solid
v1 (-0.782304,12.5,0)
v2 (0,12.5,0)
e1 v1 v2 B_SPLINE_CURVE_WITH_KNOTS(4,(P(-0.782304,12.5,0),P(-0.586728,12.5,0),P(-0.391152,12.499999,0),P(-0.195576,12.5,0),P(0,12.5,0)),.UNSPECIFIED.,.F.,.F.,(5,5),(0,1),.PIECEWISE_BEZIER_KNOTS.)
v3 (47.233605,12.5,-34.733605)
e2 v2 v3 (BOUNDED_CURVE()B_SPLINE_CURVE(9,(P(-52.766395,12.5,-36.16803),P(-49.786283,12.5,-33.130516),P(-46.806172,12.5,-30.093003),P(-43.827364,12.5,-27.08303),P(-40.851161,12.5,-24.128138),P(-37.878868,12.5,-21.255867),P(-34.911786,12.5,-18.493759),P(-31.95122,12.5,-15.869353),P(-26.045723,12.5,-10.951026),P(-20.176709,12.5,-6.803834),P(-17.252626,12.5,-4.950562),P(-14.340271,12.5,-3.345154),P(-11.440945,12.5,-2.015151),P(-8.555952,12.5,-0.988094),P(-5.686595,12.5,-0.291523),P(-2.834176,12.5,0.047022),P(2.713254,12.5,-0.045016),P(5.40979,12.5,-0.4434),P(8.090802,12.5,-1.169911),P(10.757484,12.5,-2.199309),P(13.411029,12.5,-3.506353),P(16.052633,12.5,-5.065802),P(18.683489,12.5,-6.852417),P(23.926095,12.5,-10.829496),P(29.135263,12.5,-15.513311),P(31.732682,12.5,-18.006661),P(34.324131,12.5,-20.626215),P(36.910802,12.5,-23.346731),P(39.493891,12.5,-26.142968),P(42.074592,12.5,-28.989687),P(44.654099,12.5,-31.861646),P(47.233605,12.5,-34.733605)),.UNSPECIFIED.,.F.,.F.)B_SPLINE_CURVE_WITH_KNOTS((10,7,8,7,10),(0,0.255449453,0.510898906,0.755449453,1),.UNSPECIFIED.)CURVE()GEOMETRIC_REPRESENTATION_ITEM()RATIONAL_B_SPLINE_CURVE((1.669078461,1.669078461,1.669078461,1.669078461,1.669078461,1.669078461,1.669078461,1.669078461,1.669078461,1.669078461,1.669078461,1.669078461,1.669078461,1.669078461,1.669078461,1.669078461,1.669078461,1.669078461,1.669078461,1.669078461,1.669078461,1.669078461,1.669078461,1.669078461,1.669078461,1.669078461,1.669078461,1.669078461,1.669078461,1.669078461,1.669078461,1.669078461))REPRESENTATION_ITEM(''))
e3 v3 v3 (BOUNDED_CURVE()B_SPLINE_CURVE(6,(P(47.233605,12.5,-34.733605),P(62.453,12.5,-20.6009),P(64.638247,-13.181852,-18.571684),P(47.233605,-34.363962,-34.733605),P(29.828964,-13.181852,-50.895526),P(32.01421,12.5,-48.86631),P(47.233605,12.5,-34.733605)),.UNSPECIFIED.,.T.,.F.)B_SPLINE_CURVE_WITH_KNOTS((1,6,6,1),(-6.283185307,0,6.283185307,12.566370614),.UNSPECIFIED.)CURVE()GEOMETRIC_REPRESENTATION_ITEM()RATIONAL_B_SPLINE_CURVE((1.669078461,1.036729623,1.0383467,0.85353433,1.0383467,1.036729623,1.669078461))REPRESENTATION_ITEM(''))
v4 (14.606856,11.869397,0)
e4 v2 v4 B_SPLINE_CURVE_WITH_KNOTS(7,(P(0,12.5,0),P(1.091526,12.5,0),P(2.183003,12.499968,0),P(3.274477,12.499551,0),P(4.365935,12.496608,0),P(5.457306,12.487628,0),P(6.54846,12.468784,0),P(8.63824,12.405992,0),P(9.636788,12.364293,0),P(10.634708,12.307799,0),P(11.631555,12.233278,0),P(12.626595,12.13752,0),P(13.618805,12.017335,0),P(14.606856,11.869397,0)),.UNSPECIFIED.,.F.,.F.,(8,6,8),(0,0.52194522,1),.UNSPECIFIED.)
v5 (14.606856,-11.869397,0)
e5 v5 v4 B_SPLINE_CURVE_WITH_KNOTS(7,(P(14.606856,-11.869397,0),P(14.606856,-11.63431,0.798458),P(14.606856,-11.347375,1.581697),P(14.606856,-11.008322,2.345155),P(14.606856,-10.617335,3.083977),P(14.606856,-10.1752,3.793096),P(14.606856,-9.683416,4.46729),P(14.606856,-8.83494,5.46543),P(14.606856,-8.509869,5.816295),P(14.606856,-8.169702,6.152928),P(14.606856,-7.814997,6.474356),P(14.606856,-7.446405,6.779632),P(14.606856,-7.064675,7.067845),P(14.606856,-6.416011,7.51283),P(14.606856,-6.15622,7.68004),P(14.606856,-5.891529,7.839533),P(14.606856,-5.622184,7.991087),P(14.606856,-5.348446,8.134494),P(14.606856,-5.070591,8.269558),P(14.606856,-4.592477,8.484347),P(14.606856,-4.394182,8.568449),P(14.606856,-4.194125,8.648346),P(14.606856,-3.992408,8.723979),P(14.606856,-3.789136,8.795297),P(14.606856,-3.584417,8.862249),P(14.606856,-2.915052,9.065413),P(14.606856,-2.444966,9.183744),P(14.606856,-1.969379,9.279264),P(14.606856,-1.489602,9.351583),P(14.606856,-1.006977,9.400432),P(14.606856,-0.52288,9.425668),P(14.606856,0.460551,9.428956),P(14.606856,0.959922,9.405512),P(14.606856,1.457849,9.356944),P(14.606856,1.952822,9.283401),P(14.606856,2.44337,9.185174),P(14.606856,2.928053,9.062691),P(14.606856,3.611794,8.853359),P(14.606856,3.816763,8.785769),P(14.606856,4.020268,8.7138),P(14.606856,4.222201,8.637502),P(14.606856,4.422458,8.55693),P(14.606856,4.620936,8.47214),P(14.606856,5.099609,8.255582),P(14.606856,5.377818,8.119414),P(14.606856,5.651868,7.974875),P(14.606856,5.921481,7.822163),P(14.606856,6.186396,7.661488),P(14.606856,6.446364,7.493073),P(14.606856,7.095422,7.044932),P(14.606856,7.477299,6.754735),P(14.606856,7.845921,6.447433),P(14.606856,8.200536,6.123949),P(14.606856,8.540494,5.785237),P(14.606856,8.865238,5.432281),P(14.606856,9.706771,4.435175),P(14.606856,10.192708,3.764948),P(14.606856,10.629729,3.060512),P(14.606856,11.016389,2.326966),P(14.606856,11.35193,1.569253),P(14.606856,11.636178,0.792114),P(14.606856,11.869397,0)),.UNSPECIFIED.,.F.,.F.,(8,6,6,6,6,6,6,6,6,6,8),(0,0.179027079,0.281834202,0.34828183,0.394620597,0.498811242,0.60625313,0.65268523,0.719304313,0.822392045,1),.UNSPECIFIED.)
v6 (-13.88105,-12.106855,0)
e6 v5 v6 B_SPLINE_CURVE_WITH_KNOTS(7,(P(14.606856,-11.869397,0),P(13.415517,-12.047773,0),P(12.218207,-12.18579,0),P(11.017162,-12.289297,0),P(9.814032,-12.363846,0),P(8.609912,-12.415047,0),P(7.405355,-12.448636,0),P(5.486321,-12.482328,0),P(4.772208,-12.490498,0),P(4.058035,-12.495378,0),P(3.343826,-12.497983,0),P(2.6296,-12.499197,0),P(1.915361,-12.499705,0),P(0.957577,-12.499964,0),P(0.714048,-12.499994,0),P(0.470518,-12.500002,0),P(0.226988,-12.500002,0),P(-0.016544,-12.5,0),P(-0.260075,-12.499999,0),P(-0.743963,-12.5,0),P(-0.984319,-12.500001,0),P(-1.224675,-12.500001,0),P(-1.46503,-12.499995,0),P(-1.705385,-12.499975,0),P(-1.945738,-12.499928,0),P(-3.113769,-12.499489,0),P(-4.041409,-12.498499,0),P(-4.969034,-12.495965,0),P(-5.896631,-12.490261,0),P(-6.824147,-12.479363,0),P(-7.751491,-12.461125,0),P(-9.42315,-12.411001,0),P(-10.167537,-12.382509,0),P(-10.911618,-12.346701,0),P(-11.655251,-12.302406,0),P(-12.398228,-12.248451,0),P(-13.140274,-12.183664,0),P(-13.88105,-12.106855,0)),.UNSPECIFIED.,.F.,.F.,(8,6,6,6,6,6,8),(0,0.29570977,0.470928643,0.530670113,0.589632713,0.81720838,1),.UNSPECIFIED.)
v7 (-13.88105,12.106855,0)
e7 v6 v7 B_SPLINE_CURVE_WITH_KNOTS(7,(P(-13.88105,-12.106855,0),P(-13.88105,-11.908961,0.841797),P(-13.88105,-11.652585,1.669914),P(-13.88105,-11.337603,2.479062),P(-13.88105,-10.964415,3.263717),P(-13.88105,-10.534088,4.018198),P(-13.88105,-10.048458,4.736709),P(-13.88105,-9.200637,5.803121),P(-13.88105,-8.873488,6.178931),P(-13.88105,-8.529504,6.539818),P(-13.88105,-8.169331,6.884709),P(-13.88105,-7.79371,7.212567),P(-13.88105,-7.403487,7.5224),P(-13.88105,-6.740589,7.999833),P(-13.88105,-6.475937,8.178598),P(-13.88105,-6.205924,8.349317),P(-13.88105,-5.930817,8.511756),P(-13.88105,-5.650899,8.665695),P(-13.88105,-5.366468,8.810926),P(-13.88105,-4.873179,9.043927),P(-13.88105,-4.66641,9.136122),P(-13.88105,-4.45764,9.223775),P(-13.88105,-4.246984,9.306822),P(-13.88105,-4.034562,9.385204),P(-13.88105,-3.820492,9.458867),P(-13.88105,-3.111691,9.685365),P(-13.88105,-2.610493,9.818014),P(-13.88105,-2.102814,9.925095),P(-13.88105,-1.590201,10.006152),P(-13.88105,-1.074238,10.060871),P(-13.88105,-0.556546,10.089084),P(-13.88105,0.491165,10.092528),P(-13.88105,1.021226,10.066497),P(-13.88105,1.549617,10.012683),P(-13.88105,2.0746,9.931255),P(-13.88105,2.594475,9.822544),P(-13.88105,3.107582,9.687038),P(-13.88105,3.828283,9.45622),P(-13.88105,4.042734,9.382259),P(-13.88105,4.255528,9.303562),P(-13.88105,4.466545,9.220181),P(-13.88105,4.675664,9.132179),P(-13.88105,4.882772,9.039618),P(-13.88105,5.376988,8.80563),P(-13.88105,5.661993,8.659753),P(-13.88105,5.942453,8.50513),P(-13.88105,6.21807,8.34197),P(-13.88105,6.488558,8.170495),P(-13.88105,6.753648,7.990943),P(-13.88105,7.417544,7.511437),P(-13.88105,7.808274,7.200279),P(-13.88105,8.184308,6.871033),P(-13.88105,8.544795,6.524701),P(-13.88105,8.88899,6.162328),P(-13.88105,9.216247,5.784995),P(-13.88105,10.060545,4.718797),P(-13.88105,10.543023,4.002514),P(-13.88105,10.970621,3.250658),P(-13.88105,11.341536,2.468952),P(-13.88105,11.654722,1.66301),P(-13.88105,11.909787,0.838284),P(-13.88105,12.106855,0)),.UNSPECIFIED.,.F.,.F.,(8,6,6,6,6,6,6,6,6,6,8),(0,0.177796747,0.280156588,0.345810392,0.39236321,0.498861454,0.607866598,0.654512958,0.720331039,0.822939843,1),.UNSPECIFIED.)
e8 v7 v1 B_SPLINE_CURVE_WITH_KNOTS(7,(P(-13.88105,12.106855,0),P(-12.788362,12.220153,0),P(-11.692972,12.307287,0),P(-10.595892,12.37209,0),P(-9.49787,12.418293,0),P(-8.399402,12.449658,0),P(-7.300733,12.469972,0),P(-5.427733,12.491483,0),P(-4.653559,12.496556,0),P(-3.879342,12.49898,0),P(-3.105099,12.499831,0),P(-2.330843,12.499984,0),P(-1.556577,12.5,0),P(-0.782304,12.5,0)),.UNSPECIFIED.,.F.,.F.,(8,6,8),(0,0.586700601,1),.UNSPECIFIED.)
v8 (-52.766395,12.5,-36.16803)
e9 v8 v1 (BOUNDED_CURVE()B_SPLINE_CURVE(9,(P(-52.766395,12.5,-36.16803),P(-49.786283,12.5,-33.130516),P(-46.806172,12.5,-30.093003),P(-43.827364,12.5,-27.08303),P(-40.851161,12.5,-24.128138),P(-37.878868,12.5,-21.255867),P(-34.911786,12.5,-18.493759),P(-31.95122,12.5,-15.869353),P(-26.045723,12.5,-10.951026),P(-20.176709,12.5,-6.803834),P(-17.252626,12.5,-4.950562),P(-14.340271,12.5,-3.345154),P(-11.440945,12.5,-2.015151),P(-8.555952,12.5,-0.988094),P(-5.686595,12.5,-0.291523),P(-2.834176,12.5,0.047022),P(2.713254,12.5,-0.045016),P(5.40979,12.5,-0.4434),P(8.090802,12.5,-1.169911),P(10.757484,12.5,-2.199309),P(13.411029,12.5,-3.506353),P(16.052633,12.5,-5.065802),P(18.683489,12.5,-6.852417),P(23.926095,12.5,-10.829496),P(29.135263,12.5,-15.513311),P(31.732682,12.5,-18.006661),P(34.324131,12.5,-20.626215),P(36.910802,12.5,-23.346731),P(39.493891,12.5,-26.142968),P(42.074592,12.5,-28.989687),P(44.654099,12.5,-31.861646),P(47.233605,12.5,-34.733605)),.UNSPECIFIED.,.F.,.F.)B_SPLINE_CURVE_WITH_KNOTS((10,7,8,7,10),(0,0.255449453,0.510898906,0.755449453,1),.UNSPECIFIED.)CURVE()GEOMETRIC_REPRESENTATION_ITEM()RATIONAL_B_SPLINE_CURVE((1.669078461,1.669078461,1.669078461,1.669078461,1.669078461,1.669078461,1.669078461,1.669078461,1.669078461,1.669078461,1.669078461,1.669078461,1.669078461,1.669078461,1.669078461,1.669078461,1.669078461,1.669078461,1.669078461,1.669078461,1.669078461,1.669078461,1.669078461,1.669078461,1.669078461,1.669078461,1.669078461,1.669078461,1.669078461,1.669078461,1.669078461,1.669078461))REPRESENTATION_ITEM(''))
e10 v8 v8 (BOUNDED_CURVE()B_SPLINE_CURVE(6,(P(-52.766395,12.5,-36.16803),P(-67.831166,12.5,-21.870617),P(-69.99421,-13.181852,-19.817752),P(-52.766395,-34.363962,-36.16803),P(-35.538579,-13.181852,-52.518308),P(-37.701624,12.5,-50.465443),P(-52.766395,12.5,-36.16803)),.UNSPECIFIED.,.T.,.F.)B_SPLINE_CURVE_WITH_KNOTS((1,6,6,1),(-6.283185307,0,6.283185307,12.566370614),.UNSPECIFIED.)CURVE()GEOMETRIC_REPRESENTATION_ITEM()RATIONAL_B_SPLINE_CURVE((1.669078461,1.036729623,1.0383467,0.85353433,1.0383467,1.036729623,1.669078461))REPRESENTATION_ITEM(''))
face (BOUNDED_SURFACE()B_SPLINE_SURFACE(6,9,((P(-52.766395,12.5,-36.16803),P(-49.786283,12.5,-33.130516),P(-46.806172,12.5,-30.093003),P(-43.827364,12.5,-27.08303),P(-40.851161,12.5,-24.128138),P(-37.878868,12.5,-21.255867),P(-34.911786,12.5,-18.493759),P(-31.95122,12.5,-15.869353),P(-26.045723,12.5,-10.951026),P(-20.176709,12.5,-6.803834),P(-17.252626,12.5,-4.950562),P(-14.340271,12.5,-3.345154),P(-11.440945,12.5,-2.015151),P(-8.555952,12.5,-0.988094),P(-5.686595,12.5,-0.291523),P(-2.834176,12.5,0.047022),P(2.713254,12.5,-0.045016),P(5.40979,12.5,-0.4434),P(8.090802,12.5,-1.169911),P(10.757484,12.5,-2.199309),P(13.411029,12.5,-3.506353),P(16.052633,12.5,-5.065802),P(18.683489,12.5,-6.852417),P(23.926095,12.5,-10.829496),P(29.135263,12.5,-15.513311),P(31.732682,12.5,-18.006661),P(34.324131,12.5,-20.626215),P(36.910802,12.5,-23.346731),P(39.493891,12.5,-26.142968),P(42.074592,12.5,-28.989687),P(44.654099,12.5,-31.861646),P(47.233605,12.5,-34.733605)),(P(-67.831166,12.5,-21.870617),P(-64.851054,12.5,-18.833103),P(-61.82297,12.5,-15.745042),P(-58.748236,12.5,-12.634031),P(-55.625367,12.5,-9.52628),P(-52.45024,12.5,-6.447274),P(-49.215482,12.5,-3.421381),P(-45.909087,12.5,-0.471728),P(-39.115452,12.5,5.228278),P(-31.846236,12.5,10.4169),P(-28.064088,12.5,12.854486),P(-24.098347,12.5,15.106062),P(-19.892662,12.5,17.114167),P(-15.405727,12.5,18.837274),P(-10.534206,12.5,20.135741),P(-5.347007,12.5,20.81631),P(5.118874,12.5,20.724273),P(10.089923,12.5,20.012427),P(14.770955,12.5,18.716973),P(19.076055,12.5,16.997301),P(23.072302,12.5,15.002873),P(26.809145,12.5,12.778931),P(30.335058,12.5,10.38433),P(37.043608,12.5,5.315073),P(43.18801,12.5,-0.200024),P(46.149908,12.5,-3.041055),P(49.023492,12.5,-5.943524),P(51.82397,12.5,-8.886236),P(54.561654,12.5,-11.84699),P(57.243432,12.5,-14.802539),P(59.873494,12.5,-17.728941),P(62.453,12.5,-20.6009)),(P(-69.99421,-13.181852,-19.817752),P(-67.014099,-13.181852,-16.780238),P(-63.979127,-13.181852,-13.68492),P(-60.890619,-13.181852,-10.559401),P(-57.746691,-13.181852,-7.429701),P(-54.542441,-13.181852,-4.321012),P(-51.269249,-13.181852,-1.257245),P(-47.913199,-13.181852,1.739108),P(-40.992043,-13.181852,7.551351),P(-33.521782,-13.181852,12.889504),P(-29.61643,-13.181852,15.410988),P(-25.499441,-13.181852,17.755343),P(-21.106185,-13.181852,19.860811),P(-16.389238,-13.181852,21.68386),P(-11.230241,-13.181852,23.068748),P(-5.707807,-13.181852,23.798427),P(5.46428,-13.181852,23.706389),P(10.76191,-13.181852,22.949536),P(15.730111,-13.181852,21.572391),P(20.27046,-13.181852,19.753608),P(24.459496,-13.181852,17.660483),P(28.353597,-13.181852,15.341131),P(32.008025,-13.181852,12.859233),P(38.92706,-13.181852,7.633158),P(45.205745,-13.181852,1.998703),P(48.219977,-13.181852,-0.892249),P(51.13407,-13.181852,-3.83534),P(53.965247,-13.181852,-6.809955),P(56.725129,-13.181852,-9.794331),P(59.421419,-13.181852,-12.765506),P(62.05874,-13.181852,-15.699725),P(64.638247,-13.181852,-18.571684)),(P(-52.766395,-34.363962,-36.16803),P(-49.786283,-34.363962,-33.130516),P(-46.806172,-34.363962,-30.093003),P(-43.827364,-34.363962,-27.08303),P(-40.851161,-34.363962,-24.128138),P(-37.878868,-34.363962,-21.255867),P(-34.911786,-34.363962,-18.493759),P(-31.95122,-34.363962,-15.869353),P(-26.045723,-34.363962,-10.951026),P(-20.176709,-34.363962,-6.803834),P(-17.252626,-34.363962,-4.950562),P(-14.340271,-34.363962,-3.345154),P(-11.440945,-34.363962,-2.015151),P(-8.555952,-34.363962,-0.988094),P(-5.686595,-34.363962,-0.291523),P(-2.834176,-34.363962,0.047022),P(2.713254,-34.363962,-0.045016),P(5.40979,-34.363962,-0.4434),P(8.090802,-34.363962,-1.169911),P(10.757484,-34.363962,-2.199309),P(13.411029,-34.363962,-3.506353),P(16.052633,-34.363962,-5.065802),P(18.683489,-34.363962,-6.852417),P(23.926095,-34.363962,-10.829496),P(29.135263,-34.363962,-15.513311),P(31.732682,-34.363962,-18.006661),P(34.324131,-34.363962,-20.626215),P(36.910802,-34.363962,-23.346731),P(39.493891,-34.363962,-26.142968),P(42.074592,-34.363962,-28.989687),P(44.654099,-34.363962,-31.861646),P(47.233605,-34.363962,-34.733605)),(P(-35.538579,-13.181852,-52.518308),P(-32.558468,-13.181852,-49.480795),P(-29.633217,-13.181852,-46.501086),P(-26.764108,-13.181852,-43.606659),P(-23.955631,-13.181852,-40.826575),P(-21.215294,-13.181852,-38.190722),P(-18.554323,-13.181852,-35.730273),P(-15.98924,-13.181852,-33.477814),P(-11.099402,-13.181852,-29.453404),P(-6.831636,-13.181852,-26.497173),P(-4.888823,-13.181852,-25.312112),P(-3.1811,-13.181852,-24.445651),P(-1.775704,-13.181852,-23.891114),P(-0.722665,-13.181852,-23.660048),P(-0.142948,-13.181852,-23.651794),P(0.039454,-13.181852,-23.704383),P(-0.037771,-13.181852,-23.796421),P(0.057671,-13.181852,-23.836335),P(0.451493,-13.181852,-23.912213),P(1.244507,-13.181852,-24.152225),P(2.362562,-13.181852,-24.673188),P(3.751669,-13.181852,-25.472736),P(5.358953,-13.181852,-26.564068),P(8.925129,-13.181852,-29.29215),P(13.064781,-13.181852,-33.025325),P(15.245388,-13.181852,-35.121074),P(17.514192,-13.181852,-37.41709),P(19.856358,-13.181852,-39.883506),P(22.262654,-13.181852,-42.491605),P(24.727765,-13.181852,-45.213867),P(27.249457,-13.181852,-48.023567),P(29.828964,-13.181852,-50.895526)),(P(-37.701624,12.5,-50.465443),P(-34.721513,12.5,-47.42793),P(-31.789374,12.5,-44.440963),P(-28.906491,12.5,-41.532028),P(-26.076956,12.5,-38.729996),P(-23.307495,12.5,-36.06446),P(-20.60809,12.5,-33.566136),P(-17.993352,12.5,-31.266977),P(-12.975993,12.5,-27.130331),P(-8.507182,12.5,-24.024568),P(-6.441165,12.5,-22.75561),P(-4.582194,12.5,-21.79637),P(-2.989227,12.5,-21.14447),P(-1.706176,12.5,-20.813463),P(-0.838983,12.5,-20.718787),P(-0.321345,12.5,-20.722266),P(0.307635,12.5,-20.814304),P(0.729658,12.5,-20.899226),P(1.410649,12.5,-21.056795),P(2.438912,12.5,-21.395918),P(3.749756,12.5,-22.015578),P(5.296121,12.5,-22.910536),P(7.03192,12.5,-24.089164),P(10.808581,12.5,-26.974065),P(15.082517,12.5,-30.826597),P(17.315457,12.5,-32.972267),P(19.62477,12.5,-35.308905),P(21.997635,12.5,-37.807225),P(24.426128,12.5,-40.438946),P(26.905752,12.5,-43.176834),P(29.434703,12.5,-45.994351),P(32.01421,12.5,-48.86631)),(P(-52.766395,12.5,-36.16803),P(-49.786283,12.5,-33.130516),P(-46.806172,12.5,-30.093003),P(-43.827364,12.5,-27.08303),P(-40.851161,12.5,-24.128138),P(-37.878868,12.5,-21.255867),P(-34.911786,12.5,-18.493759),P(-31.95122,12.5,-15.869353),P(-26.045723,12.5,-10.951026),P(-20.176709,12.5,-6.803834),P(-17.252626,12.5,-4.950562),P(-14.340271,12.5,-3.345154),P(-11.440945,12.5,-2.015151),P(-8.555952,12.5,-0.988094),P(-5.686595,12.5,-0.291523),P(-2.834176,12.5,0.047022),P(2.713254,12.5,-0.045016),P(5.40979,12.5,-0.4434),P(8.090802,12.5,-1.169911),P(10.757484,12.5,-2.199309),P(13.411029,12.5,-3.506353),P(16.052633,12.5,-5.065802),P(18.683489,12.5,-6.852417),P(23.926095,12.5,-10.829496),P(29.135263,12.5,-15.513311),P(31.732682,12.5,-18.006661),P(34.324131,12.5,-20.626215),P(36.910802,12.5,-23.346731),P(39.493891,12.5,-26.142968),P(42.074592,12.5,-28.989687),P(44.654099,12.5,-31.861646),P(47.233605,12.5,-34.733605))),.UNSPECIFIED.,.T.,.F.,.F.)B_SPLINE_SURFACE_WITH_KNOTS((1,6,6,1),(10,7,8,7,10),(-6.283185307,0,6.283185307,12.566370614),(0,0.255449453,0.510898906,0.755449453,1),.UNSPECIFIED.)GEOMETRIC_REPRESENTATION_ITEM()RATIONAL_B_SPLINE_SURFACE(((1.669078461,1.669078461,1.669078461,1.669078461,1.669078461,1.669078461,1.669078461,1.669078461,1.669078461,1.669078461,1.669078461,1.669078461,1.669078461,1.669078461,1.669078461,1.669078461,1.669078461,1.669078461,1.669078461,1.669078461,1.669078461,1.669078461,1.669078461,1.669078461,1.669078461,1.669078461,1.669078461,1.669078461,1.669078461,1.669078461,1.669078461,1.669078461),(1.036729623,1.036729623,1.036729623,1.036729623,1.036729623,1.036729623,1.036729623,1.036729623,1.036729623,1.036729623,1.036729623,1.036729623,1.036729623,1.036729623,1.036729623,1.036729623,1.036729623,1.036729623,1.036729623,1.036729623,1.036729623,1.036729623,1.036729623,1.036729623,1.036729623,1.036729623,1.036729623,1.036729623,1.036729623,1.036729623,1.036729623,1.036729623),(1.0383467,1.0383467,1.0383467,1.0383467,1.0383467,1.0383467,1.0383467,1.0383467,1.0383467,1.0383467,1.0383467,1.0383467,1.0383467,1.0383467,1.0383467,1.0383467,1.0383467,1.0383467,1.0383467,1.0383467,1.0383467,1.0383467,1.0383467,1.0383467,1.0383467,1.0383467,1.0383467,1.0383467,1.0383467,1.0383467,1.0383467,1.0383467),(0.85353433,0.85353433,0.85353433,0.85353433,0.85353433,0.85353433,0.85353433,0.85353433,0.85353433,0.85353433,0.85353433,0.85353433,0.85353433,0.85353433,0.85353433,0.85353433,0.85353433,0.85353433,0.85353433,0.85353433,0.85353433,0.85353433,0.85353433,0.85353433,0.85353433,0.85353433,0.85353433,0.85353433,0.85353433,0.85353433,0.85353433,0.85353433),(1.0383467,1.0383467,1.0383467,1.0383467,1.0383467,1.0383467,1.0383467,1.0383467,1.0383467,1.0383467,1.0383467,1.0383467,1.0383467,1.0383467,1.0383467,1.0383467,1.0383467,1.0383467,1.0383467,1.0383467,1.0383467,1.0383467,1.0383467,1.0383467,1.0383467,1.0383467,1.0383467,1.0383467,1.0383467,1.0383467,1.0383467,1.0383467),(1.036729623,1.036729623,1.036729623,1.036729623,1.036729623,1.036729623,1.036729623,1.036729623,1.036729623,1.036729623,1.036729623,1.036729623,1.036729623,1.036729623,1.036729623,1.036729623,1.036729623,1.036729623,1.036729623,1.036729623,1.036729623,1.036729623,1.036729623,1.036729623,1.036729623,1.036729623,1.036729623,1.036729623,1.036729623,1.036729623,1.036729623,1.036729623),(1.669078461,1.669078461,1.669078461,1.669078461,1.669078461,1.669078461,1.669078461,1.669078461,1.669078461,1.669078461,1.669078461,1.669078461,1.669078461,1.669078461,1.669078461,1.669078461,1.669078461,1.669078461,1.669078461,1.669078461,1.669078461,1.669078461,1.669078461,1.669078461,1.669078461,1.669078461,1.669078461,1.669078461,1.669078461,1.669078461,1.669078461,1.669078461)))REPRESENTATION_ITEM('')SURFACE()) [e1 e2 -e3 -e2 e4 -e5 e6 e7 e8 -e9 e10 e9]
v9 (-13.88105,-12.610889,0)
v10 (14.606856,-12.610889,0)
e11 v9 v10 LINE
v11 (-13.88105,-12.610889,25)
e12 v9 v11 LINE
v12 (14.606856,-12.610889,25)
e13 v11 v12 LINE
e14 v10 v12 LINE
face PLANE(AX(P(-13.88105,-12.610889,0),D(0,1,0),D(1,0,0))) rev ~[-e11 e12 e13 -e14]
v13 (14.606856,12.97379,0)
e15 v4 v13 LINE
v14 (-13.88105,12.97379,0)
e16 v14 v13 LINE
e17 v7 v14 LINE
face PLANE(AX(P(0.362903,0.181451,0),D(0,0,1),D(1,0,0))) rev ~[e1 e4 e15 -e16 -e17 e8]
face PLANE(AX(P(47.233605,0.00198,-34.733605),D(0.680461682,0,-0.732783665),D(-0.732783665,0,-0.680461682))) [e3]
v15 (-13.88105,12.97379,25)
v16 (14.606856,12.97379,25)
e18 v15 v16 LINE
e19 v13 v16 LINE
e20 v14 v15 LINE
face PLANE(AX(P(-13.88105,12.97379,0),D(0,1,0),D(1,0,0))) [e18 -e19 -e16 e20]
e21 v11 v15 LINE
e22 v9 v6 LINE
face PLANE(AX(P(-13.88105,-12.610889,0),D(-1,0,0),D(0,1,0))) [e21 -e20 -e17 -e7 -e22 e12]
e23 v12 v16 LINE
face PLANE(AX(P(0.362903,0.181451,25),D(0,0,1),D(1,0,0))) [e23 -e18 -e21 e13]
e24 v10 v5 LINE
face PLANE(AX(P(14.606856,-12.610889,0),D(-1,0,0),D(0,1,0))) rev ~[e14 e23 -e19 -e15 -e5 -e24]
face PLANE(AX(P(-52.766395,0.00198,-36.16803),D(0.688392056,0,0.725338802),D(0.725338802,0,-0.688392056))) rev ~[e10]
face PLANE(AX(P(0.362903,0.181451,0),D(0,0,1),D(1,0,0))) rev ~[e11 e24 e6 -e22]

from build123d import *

# Parameters (mm, degrees)
F0_R     = 12.5
F3_W     = 28.4879058599
F3_H     = 25.5846790969
F4_DEPTH = 25


with BuildPart() as f2:
    # F2: sweep along a path in F1
    with BuildLine(Plane.XZ) as f2_path:
        add(Plane.XZ * Edge.make_bspline(
            [(-52.7663948565, -36.1680299247), (-34.8857263736, -17.9429488086), (0.1127210252, 17.7296292828), (31.7565659621, -17.5018500525), (47.2336051435, -34.7336051435)],
            knots=[0, 0, 0, 0, 0.5108989059, 1, 1, 1, 1], degree=3))
    # F0 (on Right) → F2 (sweep)
    with BuildSketch(Plane.YZ):
        Circle(F0_R)
    sweep(path=f2_path.line)

    # F3 (on Top) → F4 (join)
    with BuildSketch(Plane.XY):
        with Locations((0.3629028797, 0.1814505085)):
            Rectangle(F3_W, F3_H)
    extrude(amount=F4_DEPTH)


solid = f2.part
